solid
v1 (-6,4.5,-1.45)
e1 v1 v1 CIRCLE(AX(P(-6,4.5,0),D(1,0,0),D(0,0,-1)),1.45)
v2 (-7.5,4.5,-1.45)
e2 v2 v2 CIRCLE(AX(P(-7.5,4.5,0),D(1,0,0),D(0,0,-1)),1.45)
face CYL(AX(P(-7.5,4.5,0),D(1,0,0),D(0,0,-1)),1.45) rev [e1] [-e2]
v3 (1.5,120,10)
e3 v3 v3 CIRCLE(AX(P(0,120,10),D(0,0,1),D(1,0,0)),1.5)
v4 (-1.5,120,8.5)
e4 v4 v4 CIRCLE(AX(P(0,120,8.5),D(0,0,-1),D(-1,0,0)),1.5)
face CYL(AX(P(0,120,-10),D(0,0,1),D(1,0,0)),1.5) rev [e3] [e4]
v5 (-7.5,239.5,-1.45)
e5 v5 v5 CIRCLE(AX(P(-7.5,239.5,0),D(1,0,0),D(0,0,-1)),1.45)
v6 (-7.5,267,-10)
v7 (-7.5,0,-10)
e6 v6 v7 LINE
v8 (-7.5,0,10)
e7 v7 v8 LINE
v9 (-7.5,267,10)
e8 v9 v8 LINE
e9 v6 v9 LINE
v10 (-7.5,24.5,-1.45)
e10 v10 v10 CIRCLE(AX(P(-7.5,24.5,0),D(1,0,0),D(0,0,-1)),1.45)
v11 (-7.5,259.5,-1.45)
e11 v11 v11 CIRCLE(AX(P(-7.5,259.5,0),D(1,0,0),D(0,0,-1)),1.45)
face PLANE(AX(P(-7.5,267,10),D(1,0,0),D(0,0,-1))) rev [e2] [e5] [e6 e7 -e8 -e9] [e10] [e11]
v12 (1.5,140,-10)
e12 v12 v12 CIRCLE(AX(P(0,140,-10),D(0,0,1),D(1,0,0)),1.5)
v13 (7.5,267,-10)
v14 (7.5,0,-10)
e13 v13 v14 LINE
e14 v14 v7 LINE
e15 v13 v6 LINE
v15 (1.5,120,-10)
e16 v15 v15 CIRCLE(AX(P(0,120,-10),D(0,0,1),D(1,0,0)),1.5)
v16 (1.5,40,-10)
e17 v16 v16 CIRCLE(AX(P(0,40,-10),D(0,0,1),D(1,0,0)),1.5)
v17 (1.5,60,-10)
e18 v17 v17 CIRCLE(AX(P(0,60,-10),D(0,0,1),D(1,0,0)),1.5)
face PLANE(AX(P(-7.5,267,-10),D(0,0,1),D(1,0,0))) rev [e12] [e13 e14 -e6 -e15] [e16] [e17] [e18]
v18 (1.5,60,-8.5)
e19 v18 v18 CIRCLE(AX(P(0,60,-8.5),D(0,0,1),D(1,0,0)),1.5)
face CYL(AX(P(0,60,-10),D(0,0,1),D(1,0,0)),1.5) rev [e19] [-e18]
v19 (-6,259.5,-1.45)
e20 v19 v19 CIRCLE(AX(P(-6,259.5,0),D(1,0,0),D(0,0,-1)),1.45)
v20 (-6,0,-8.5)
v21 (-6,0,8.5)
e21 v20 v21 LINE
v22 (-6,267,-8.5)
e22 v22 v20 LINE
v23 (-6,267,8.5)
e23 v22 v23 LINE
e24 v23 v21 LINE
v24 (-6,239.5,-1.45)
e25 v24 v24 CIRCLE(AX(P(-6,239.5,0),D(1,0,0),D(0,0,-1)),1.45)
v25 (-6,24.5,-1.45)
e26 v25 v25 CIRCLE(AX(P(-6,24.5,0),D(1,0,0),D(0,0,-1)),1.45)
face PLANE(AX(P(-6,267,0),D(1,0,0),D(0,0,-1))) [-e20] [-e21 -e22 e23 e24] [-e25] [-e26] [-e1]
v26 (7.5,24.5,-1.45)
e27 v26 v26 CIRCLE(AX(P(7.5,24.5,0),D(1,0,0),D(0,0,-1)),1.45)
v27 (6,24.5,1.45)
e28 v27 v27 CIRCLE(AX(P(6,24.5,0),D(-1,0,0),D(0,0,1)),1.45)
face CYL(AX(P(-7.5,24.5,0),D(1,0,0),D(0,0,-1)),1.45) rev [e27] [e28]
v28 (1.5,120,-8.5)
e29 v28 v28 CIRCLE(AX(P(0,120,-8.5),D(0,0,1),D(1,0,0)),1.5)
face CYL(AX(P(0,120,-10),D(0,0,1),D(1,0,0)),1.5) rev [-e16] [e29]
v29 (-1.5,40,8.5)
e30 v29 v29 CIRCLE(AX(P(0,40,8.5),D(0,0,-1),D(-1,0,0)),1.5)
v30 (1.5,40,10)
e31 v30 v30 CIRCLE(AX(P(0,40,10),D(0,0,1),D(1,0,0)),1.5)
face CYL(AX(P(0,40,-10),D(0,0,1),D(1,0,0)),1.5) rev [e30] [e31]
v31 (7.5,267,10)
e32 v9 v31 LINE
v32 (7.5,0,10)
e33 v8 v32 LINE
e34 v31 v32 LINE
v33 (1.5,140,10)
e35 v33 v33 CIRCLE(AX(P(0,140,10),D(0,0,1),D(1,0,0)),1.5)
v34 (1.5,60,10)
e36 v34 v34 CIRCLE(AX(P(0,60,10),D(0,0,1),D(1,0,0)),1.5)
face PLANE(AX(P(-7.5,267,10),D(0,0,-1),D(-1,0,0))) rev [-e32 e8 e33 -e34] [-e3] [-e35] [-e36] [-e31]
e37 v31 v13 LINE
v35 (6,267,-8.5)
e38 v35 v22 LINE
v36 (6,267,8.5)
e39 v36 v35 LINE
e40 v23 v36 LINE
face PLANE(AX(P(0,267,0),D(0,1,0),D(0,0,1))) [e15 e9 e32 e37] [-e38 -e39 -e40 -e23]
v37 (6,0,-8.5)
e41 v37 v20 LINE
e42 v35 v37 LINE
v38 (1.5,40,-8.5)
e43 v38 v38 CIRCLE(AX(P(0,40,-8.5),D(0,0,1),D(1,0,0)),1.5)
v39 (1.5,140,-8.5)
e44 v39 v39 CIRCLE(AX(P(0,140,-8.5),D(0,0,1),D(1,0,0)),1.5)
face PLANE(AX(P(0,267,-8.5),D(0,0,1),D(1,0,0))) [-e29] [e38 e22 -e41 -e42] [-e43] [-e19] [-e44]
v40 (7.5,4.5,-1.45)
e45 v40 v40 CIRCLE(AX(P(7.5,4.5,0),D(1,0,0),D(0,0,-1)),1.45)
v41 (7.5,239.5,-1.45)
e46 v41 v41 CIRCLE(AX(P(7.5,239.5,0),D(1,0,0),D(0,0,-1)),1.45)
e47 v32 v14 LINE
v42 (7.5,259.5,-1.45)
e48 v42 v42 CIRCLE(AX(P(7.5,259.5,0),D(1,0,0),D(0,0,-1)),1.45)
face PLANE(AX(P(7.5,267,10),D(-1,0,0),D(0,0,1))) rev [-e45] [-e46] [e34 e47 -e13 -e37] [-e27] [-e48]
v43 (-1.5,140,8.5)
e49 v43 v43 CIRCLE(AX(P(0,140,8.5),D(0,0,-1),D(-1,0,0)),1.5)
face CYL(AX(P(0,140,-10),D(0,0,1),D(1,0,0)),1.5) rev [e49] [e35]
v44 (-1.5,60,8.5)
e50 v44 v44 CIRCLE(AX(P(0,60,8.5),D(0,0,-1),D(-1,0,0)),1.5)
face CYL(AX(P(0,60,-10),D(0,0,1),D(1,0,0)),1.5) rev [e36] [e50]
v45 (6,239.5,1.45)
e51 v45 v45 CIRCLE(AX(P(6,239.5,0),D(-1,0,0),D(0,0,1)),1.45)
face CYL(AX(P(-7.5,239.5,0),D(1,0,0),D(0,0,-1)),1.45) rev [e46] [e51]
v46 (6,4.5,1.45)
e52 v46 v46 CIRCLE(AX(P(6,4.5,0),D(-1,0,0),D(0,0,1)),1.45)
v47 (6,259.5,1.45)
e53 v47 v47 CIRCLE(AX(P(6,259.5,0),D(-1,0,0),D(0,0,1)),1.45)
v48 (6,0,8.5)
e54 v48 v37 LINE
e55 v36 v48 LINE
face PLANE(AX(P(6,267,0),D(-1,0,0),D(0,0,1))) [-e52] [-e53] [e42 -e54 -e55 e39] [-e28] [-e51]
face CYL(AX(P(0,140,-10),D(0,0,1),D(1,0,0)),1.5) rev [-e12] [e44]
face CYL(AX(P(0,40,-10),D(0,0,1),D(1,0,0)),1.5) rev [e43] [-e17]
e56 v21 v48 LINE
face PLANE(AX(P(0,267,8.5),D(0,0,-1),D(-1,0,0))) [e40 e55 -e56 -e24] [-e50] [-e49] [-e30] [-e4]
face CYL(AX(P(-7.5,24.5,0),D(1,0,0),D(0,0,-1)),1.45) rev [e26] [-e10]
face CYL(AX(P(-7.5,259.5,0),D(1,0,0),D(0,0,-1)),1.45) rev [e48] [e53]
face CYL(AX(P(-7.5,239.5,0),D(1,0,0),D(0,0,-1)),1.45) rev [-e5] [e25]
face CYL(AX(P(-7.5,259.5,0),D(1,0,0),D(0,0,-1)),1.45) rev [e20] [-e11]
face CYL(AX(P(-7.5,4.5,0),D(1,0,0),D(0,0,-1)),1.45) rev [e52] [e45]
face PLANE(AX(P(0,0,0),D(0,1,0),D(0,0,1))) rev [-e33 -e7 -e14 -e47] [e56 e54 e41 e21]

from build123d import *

# Parameters (mm, degrees)
SKETCH_1_W          = 15
SKETCH_1_H          = 20
SKETCH_1_W_2        = 12
SKETCH_1_H_2        = 17
EXTRUDE_1_DEPTH     = 267
SKETCH_4_R          = 1.45
CUT_EXTRUDE_2_DEPTH = 268.607922155
SKETCH_5_R          = 1.5
CUT_EXTRUDE_3_DEPTH = 268.853038064


with BuildPart() as part:
    # 草图1 → 拉伸-薄壁1 (new body)
    with BuildSketch(Plane(origin=(0, 0, 0), x_dir=(1, 0, 0), z_dir=(0, 1, 0))):
        Rectangle(SKETCH_1_W, SKETCH_1_H)
        Rectangle(SKETCH_1_W_2, SKETCH_1_H_2, mode=Mode.SUBTRACT)
    extrude(amount=EXTRUDE_1_DEPTH)

    # 草图4 → 切除-拉伸2 (cut, through all)
    with BuildSketch(Plane(origin=(7.5, 0, 0), x_dir=(0, 0, -1), z_dir=(1, 0, 0))):
        with Locations((0, 259.5)):
            Circle(SKETCH_4_R)
        with Locations((0, 239.5)):
            Circle(SKETCH_4_R)
        with Locations((0, 24.5)):
            Circle(SKETCH_4_R)
        with Locations((0, 4.5)):
            Circle(SKETCH_4_R)
    extrude(amount=-CUT_EXTRUDE_2_DEPTH, mode=Mode.SUBTRACT)

    # 草图5 → 切除-拉伸3 (cut, through all)
    with BuildSketch(Plane.XY.offset(10)):
        with Locations((0, 40)):
            Circle(SKETCH_5_R)
        with Locations((0, 60)):
            Circle(SKETCH_5_R)
        with Locations((0, 120)):
            Circle(SKETCH_5_R)
        with Locations((0, 140)):
            Circle(SKETCH_5_R)
    extrude(amount=-CUT_EXTRUDE_3_DEPTH, mode=Mode.SUBTRACT)


solid = part.part
